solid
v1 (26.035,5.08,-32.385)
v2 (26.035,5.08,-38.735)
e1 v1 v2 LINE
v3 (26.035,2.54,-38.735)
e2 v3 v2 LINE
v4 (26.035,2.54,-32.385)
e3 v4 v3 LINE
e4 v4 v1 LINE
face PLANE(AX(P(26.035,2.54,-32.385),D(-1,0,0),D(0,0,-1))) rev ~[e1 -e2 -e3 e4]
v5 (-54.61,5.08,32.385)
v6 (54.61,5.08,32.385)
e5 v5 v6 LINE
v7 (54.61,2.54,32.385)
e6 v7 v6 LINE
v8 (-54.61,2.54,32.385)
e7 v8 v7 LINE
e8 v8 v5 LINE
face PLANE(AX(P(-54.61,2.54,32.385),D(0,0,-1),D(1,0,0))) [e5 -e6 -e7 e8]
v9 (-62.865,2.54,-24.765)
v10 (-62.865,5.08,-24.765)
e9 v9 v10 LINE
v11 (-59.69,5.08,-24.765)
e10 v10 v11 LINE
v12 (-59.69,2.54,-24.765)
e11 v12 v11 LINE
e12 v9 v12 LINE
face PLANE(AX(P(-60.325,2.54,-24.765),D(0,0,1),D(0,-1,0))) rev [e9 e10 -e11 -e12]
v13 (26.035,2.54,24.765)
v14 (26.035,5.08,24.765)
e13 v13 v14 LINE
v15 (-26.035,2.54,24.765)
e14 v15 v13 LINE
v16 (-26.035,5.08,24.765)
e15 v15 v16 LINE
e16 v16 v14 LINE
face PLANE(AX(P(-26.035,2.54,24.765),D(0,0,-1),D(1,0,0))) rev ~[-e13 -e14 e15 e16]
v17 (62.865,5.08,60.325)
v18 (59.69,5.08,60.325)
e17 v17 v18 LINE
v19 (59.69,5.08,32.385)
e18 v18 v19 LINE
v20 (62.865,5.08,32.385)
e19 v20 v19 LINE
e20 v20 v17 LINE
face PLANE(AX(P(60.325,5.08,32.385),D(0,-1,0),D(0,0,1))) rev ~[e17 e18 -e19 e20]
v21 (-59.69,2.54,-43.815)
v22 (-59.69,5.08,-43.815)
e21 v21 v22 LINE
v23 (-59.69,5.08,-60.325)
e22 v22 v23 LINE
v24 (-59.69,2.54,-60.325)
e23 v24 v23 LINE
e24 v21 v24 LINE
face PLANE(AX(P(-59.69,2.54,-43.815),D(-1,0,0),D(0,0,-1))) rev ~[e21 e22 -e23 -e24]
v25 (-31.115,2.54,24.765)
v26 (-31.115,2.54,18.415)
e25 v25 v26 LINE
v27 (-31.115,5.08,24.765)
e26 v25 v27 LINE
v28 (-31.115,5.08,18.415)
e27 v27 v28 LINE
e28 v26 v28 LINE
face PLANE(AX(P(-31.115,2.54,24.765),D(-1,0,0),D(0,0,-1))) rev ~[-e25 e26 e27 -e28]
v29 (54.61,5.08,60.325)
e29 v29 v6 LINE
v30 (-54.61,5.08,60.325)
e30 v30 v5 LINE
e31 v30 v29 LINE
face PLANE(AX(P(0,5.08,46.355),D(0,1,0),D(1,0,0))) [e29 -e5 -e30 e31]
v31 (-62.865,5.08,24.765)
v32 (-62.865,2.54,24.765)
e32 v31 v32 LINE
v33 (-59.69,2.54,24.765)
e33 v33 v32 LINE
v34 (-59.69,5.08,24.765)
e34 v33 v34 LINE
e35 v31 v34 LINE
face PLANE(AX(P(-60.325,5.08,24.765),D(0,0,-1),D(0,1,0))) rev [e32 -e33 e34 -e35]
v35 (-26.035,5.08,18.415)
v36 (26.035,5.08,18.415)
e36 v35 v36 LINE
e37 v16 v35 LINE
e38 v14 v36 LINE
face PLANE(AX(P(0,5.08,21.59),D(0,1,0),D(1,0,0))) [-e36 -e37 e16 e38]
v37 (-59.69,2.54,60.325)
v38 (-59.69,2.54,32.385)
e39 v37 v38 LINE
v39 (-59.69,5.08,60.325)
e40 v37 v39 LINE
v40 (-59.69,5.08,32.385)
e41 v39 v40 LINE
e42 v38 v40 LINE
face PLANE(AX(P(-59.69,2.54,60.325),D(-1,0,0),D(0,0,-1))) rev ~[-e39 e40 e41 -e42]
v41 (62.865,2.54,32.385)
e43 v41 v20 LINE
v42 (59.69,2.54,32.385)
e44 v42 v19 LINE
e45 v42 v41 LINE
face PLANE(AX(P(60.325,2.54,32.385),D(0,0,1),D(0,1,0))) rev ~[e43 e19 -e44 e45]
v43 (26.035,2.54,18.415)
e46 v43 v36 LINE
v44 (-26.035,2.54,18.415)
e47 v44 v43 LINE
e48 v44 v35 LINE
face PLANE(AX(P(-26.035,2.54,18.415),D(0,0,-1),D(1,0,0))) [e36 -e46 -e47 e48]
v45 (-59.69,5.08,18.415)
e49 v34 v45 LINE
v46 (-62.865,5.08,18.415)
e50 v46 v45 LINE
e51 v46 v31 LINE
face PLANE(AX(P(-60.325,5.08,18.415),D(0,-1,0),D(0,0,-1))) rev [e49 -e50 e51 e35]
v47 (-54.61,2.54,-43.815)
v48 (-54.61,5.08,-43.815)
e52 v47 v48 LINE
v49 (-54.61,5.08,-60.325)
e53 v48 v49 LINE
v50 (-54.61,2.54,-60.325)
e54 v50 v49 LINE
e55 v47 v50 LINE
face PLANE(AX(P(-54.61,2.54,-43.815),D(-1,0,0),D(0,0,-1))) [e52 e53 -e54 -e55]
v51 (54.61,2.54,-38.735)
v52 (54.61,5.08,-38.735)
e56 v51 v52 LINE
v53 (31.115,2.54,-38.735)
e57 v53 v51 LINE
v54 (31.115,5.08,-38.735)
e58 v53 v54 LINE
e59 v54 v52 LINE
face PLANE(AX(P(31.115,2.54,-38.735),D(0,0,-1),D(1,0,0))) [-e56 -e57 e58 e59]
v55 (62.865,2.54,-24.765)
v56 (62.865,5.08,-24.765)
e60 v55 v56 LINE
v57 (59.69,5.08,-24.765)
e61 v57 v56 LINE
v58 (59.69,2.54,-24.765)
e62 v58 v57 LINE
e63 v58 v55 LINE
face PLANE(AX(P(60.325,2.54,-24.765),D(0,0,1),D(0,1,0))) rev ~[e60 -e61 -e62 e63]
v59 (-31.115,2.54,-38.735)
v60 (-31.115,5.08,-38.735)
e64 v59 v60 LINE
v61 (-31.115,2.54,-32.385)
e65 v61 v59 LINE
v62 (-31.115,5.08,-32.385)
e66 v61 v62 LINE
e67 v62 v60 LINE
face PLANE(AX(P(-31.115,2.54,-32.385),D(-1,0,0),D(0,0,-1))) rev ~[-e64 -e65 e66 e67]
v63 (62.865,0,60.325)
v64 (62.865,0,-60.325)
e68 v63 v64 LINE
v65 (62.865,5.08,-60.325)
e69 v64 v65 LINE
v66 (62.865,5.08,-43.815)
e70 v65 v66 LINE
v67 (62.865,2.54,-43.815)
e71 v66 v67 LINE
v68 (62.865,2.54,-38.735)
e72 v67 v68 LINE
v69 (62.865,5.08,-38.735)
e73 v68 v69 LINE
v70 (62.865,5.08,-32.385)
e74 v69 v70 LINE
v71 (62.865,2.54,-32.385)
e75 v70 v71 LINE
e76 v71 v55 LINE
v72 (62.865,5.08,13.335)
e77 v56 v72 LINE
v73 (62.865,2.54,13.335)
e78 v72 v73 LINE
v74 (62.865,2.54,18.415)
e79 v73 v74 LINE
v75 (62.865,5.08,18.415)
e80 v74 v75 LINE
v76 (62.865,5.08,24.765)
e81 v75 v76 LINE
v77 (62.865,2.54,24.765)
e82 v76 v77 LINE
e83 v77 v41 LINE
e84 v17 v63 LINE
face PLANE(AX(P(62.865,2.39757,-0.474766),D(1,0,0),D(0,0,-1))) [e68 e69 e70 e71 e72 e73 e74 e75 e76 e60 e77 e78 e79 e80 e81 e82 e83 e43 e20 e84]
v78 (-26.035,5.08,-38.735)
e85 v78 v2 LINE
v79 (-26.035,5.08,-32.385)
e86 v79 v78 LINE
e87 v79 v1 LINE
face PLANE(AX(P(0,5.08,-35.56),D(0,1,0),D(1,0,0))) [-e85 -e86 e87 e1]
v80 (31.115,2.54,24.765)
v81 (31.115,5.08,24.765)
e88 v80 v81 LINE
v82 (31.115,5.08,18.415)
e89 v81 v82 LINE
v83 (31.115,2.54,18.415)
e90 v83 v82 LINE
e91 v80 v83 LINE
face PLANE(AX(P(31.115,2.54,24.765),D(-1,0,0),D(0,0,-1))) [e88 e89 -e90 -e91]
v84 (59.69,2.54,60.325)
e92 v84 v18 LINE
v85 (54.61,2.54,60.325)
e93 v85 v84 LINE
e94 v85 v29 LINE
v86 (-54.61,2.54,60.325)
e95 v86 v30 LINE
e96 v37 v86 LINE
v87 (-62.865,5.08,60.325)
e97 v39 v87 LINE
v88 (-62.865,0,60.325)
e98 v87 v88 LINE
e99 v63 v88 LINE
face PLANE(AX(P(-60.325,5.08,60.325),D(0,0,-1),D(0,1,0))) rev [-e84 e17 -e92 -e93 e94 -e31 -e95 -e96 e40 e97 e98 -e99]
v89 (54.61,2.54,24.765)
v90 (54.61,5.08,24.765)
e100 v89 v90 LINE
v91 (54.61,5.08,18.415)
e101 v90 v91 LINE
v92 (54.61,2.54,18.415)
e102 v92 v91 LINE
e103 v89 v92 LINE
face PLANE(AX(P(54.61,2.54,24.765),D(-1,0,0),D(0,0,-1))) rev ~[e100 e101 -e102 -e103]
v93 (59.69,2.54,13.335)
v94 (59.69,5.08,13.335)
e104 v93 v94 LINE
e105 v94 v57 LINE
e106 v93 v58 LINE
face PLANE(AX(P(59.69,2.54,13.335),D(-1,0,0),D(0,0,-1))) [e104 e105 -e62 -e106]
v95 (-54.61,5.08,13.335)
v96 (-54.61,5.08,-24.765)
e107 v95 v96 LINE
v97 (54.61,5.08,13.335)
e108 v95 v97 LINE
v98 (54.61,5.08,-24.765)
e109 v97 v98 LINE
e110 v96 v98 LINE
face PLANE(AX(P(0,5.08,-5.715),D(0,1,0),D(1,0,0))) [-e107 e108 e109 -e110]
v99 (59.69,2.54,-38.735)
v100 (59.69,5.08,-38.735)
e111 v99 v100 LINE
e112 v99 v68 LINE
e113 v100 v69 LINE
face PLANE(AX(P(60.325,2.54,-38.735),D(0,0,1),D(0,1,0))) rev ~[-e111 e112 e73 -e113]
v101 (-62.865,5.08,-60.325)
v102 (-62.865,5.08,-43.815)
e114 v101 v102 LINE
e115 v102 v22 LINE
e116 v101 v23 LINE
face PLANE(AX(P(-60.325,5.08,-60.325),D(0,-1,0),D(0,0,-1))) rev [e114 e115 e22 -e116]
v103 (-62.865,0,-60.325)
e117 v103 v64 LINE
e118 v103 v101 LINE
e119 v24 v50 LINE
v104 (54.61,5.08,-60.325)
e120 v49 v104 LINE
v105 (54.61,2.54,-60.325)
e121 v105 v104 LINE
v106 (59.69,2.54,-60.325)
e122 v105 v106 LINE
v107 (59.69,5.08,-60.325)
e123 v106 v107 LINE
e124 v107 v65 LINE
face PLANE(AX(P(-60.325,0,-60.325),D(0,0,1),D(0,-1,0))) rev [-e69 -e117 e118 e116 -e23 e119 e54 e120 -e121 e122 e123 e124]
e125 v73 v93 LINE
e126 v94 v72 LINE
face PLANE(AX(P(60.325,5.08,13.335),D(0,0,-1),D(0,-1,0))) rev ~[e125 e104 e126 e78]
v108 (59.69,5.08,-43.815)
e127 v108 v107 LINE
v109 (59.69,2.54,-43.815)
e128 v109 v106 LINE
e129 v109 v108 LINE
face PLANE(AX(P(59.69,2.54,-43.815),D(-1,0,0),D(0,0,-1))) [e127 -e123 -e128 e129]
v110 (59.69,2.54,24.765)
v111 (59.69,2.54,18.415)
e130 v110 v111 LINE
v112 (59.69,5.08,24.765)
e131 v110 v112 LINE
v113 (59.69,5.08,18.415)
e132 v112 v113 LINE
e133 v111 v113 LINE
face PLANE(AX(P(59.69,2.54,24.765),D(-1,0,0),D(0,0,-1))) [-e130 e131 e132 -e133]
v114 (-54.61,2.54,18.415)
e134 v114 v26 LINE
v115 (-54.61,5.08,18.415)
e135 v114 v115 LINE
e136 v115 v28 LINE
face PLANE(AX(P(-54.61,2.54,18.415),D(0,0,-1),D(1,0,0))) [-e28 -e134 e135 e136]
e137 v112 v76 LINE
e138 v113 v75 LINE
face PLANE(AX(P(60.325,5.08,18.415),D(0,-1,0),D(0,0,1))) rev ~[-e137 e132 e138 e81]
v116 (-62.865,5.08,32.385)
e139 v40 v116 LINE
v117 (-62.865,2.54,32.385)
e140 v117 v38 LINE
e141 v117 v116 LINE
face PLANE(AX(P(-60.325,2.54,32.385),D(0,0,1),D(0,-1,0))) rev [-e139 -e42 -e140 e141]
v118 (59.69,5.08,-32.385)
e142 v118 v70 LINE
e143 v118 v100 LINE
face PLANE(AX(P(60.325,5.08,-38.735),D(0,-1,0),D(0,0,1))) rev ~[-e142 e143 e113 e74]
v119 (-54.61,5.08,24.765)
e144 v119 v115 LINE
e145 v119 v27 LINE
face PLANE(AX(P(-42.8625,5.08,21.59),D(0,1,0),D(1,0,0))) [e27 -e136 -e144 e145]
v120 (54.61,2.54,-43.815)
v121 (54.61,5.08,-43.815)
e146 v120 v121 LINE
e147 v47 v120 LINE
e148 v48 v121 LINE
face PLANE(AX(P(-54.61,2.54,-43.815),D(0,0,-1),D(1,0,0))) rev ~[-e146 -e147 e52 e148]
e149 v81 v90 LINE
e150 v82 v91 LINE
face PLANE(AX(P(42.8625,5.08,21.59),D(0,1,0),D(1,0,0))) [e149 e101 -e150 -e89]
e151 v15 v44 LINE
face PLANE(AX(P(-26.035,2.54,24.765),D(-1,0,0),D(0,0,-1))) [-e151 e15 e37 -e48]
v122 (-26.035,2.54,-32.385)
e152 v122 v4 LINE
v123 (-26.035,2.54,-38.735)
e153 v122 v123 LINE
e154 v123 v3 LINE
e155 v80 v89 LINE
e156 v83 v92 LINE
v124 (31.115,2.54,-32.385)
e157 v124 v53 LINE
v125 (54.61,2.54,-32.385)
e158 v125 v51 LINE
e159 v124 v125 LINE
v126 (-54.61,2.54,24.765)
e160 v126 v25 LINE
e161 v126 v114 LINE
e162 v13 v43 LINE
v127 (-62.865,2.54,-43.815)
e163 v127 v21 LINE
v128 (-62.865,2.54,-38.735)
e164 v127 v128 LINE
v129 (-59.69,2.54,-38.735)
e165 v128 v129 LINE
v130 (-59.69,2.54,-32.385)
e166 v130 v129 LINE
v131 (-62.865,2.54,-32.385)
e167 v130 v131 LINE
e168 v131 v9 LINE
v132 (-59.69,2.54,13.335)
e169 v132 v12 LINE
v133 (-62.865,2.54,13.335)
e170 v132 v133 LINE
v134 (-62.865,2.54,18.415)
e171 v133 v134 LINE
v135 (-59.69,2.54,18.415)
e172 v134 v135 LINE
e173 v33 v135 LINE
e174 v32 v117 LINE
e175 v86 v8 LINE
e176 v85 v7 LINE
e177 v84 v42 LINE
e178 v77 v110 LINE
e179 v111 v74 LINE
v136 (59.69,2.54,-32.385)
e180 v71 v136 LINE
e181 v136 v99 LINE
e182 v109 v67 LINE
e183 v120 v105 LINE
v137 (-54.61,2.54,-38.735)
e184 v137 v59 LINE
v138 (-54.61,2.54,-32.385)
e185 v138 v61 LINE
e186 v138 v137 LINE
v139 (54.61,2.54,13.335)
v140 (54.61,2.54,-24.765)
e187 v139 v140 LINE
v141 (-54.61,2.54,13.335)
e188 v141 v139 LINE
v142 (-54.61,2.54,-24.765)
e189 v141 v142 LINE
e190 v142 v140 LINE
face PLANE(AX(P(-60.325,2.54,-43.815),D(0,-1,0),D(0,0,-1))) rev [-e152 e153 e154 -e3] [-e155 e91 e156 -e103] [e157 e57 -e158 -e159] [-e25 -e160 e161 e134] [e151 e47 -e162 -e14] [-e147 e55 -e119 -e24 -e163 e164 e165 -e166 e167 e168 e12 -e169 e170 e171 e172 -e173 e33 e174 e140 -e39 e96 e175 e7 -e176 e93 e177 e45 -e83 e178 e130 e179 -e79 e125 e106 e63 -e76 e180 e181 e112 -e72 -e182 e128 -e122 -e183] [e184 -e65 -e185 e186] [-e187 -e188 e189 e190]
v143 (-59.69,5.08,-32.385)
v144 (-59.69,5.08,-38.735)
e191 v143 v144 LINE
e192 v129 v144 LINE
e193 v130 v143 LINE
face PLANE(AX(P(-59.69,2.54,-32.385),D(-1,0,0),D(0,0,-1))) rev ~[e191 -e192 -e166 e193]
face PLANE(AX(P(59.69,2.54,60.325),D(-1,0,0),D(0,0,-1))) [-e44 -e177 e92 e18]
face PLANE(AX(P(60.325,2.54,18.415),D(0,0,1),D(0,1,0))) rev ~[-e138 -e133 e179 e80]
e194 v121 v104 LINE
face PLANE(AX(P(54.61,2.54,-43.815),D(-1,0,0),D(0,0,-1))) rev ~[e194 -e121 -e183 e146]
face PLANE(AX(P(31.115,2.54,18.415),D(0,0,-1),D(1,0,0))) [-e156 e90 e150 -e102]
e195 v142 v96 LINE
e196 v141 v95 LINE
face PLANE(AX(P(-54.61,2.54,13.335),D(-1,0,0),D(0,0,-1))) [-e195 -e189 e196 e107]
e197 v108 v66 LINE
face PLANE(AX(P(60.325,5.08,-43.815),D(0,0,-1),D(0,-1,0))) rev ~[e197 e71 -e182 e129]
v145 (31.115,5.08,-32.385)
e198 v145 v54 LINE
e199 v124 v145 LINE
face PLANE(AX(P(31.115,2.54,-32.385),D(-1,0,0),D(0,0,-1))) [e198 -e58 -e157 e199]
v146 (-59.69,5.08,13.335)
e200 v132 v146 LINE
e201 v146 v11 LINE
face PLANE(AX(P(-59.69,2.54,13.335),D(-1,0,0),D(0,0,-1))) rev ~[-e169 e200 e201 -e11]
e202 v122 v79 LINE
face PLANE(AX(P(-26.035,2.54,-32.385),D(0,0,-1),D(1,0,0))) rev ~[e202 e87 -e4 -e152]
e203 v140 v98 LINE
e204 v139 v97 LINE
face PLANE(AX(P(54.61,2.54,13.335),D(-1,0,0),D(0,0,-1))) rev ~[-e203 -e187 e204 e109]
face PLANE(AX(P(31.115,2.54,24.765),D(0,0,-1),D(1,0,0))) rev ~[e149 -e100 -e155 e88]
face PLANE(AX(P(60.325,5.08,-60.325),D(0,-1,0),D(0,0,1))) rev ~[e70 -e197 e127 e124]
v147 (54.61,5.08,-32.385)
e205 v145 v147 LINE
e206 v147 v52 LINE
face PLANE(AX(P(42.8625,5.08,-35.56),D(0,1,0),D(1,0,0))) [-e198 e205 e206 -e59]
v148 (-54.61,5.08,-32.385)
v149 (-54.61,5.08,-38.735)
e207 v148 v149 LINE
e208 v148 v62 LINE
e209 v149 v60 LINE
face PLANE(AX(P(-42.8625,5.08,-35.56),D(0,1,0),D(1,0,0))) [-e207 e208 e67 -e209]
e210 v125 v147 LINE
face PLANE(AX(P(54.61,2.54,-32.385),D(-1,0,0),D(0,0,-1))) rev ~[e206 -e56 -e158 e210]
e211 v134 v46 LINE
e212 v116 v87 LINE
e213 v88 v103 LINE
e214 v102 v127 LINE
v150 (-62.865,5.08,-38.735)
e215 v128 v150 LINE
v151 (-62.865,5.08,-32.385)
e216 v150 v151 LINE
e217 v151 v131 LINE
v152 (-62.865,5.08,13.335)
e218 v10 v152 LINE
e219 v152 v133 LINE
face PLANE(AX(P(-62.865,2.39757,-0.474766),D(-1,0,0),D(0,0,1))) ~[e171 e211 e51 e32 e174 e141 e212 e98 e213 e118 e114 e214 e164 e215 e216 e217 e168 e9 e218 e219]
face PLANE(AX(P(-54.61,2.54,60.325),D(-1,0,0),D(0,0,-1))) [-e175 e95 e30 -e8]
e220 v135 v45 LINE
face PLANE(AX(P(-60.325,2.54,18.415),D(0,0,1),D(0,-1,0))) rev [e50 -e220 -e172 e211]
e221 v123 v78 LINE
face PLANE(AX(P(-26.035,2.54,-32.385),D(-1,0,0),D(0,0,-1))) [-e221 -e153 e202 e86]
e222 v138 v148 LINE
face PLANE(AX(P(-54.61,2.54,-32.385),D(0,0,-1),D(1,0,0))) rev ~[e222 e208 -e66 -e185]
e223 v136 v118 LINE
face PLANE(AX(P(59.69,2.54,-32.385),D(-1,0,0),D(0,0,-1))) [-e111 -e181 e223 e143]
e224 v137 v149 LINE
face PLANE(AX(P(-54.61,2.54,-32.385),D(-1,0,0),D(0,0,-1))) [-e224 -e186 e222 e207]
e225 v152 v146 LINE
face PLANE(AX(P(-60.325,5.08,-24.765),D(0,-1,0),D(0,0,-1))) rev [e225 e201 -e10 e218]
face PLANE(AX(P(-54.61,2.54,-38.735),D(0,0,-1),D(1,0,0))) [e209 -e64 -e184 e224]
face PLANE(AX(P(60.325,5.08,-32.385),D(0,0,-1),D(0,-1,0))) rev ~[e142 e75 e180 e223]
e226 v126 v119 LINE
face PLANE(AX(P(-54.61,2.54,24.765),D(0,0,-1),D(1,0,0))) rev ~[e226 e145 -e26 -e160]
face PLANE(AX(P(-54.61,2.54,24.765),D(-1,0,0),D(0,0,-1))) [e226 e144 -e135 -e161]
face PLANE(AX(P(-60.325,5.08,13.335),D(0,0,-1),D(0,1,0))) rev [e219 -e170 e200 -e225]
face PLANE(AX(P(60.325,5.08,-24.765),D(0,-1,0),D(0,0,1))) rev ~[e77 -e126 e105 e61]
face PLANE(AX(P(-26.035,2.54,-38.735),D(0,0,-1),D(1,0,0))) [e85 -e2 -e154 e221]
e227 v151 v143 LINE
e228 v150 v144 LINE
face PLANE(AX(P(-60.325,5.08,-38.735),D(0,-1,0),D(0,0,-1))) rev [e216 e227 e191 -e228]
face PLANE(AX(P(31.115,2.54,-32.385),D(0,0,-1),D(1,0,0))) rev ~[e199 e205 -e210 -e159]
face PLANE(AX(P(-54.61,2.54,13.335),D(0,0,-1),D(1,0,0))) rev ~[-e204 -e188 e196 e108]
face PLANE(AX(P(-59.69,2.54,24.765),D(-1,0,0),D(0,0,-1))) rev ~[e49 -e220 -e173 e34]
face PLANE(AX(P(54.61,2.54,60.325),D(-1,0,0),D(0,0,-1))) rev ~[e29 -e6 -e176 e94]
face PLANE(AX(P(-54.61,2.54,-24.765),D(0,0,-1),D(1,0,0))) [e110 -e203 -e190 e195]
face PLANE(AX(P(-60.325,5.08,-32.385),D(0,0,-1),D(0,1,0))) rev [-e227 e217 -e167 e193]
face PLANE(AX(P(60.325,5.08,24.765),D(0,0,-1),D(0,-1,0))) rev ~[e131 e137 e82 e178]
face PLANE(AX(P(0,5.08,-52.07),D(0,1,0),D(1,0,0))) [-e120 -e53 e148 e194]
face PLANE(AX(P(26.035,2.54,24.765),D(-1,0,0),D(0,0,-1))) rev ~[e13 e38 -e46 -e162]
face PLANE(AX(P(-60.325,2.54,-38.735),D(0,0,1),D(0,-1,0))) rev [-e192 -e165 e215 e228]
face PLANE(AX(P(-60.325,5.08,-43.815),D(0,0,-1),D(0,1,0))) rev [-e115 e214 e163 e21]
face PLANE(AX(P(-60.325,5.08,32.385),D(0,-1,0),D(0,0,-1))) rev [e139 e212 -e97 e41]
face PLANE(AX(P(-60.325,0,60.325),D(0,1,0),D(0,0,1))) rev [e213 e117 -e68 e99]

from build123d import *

# Parameters (mm, degrees)
SKETCH2_W           = 120.65
SKETCH2_H           = 120.65
BOSS_EXTRUDE1_DEPTH = 2.54
SKETCH3_W           = 23.495
SKETCH3_H           = 6.35
SKETCH3_W_2         = 52.07
SKETCH3_W_3         = 109.22
SKETCH3_H_2         = 27.94
SKETCH3_W_4         = 0.635
SKETCH3_H_3         = 38.1
SKETCH3_H_4         = 16.51
BOSS_EXTRUDE2_DEPTH = 2.54
BOSS_EXTRUDE4_DEPTH = 2.54


with BuildPart() as part:
    # Sketch2 → Boss-Extrude1 (new body)
    with BuildSketch(Plane(origin=(0, 0, 0), x_dir=(1, 0, 0), z_dir=(0, 1, 0))):
        Rectangle(SKETCH2_W, SKETCH2_H)
    extrude(amount=BOSS_EXTRUDE1_DEPTH)

    # Sketch3 → Boss-Extrude2 (add)
    with BuildSketch(Plane(origin=(0, 2.54, 0), x_dir=(1, 0, 0), z_dir=(0, 1, 0))):
        with Locations((-42.8625, -21.59)):
            Rectangle(SKETCH3_W, SKETCH3_H)
        with Locations((0, -21.59)):
            Rectangle(SKETCH3_W_2, SKETCH3_H)
        with Locations((42.8625, -21.59)):
            Rectangle(SKETCH3_W, SKETCH3_H)
        with Locations((0, -46.355)):
            Rectangle(SKETCH3_W_3, SKETCH3_H_2)
        with Locations((-60.0075, 5.715)):
            Rectangle(SKETCH3_W_4, SKETCH3_H_3)
        with Locations((-60.0075, 35.56)):
            Rectangle(SKETCH3_W_4, SKETCH3_H)
        with Locations((-60.0075, 52.07)):
            Rectangle(SKETCH3_W_4, SKETCH3_H_4)
        with Locations((60.0075, 52.07)):
            Rectangle(SKETCH3_W_4, SKETCH3_H_4)
        with Locations((60.0075, 35.56)):
            Rectangle(SKETCH3_W_4, SKETCH3_H)
        with Locations((60.0075, 5.715)):
            Rectangle(SKETCH3_W_4, SKETCH3_H_3)
        with Locations((-60.0075, -21.59)):
            Rectangle(SKETCH3_W_4, SKETCH3_H)
        with Locations((60.0075, -21.59)):
            Rectangle(SKETCH3_W_4, SKETCH3_H)
        with Locations((60.0075, -46.355)):
            Rectangle(SKETCH3_W_4, SKETCH3_H_2)
        with Locations((-60.0075, -46.355)):
            Rectangle(SKETCH3_W_4, SKETCH3_H_2)
        with Locations((-42.8625, 35.56)):
            Rectangle(SKETCH3_W, SKETCH3_H)
        with Locations((0, 35.56)):
            Rectangle(SKETCH3_W_2, SKETCH3_H)
        with Locations((42.8625, 35.56)):
            Rectangle(SKETCH3_W, SKETCH3_H)
        with Locations((0, 52.07)):
            Rectangle(SKETCH3_W_3, SKETCH3_H_4)
        with Locations((0, 5.715)):
            Rectangle(SKETCH3_W_3, SKETCH3_H_3)
    extrude(amount=BOSS_EXTRUDE2_DEPTH)

    # Sketch5 → Boss-Extrude4 (add)
    with BuildSketch(Plane(origin=(60.325, 0, 0), x_dir=(0, 0, -1), z_dir=(1, 0, 0))):
        Polygon((-60.325, 0), (60.325, 0), (60.325, 5.08), (43.815, 5.08), (43.815, 2.54), (38.735, 2.54), (38.735, 5.08), (32.385, 5.08), (32.385, 2.54), (24.765, 2.54), (24.765, 5.08), (-13.335, 5.08), (-13.335, 2.54), (-18.415, 2.54), (-18.415, 5.08), (-24.765, 5.08), (-24.765, 2.54), (-32.385, 2.54), (-32.385, 5.08), (-60.325, 5.08), align=None)
    boss_extrude4 = extrude(amount=BOSS_EXTRUDE4_DEPTH)

    # Mirror2: Boss-Extrude4 across plane
    add(boss_extrude4.mirror(Plane(origin=(0, 0, 0), x_dir=(0, 0, 1), z_dir=(1, 0, 0))))


solid = part.part
